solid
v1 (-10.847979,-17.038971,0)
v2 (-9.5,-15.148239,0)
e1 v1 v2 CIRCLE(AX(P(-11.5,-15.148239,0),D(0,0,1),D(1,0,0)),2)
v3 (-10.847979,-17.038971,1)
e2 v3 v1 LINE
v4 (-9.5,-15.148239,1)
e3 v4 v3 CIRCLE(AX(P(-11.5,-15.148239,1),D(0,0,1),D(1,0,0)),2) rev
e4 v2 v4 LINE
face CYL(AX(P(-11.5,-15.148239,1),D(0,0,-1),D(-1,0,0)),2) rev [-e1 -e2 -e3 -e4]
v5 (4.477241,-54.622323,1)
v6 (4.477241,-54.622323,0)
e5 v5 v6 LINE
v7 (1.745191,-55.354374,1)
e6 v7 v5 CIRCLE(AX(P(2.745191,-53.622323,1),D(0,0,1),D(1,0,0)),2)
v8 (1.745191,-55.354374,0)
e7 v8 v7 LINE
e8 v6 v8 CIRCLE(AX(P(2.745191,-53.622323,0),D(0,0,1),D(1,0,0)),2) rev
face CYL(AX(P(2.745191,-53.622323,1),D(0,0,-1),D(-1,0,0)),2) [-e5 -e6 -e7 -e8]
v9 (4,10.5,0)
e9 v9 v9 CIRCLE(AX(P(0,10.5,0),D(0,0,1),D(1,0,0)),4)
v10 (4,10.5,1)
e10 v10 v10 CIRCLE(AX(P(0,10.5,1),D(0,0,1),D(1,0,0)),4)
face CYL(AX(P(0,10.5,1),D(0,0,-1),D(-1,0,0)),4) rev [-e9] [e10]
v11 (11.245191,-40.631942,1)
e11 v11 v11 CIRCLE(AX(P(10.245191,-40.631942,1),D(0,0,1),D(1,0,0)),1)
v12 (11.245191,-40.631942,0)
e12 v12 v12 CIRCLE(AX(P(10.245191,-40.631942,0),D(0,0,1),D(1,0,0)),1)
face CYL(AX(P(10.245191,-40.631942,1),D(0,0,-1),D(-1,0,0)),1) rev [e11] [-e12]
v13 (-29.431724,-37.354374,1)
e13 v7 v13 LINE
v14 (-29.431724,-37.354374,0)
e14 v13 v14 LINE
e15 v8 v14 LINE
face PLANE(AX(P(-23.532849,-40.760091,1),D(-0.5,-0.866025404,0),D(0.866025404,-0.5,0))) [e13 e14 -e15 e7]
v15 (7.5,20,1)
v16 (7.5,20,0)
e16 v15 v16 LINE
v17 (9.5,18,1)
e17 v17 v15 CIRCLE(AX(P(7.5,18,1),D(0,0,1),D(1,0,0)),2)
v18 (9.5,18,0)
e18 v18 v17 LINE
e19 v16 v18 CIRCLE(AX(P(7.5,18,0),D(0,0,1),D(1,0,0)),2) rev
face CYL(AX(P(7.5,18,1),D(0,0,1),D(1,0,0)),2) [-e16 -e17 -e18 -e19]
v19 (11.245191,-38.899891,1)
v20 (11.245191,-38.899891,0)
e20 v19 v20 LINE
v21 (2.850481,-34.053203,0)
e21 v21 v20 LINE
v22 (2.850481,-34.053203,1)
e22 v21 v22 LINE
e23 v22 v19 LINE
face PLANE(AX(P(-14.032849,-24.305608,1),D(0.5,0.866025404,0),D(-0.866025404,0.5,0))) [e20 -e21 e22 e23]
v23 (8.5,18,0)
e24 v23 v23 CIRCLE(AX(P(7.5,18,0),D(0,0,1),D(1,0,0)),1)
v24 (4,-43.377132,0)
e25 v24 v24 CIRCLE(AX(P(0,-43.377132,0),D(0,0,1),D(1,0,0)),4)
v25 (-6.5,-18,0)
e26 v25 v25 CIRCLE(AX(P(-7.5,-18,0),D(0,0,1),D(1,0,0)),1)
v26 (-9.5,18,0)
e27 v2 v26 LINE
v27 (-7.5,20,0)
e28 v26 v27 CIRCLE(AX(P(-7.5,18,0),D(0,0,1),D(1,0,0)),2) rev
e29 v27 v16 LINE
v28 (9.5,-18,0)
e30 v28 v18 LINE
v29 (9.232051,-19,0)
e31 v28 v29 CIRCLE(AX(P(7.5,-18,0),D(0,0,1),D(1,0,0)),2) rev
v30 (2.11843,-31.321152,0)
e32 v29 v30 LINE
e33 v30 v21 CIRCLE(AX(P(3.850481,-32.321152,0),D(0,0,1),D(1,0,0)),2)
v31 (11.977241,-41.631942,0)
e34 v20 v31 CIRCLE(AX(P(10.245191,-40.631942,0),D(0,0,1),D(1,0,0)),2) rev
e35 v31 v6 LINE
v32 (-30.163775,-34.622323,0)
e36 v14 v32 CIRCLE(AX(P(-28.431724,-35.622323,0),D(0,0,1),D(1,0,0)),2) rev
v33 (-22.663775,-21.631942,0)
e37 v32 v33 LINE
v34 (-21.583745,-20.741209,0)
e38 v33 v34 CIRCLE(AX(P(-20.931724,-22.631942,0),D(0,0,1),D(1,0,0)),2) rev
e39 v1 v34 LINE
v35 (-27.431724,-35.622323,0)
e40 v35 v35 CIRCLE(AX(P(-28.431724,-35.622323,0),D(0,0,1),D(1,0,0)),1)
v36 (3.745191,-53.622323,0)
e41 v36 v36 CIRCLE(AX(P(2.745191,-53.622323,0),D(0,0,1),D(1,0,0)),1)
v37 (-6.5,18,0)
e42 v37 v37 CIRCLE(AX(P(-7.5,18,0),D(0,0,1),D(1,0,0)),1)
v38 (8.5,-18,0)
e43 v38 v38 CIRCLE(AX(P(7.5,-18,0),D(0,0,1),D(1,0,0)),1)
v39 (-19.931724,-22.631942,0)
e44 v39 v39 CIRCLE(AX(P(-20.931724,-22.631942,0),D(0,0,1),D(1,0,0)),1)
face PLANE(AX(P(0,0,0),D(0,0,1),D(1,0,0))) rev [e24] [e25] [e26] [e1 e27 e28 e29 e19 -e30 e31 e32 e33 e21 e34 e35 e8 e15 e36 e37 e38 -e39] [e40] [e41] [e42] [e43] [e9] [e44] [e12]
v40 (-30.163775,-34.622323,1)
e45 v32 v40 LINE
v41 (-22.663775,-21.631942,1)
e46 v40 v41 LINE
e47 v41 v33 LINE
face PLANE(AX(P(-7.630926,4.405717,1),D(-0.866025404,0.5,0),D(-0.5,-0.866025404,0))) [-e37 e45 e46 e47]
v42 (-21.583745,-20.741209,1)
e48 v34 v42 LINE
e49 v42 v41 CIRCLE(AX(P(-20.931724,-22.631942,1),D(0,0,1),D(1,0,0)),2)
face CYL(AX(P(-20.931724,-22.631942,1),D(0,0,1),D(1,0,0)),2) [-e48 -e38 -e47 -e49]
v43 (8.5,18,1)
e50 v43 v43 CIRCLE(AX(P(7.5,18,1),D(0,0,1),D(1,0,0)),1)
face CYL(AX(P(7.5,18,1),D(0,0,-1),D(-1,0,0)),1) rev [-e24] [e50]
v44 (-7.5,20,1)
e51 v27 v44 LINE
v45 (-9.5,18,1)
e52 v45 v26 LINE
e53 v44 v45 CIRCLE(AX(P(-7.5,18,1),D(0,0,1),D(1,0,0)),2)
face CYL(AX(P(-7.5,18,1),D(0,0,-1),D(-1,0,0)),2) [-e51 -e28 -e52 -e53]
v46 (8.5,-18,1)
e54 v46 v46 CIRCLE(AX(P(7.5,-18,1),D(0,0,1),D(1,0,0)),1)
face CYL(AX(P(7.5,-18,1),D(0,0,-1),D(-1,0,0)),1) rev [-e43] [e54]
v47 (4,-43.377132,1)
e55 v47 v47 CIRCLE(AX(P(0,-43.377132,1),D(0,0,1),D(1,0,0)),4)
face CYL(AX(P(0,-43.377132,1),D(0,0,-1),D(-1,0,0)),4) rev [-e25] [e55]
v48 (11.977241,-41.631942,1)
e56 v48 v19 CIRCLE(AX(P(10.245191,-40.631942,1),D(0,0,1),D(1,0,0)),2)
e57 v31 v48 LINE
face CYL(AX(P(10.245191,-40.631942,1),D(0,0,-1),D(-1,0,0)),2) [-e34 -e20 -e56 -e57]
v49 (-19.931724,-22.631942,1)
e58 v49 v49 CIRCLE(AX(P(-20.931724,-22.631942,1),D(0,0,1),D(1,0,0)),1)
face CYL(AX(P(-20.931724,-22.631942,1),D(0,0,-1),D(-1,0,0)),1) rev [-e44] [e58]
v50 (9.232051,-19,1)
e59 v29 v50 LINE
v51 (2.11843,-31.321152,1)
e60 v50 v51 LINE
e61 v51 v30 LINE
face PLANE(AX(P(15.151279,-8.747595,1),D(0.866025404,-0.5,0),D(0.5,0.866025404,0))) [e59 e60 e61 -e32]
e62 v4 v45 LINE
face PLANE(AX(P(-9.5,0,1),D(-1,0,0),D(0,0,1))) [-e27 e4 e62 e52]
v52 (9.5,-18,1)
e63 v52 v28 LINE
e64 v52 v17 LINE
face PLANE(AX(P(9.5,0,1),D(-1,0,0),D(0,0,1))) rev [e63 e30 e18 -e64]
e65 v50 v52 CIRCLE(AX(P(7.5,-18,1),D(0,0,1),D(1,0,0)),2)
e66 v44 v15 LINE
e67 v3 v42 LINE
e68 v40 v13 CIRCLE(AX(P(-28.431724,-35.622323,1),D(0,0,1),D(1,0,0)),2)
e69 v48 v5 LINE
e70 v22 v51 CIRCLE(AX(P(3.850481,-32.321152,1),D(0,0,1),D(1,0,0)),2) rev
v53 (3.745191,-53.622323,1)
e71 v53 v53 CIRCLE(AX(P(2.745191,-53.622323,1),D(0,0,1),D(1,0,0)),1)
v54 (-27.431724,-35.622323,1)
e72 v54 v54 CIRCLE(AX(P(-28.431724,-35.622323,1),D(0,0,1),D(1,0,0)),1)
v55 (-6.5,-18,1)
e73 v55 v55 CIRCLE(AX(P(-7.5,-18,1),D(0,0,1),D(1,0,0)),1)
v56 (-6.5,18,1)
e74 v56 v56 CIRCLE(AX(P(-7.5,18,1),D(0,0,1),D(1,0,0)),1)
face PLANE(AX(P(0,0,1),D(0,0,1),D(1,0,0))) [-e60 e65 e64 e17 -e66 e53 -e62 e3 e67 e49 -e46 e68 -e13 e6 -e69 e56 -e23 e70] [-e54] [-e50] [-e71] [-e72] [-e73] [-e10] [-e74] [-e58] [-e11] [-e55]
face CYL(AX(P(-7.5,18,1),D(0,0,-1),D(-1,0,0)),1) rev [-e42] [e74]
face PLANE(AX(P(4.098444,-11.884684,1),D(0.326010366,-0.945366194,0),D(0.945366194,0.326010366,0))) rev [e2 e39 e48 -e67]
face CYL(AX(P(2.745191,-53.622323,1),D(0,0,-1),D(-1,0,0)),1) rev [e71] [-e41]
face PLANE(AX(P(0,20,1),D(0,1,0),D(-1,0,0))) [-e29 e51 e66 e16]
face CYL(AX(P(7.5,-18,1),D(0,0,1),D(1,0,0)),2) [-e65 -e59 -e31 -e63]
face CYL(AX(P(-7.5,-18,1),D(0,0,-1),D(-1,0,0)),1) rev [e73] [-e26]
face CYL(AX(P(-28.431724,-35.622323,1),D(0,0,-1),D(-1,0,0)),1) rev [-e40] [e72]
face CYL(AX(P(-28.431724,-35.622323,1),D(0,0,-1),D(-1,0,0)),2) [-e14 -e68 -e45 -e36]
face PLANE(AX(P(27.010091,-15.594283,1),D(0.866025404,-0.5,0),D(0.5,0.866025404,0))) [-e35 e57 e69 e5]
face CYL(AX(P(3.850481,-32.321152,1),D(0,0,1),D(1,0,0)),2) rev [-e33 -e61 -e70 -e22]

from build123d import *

# Parameters (mm, degrees)
SKETCH1_R           = 1
BOSS_EXTRUDE1_DEPTH = 1
FILLET1_R           = 2


with BuildPart() as part:
    # Sketch1 → Boss-Extrude1 (new body)
    with BuildSketch(Plane.XY):
        Polygon((-9.5, 20), (-9.5, -16.574119451), (-22.29015667, -20.984816263), (-31.163774815, -36.354373739), (3.477241336, -56.354373739), (12.977241336, -39.899891067), (1.11843014, -33.05320323), (9.5, -18.535898385), (9.5, 20), align=None)
        with Locations((-28.431724008, -35.622322931)):
            Circle(SKETCH1_R, mode=Mode.SUBTRACT)
        with BuildLine():
            ThreePointArc((-20.065698604, -23.131941874), (-21.897649834, -22.373122829), (-19.931724008, -22.631941874))
            ThreePointArc((-19.931724008, -22.631941874), (-19.965798182, -22.890760919), (-20.065698604, -23.131941874))
        make_face(mode=Mode.SUBTRACT)
        with BuildLine():
            ThreePointArc((4, -43.377132403), (-2.828427125, -46.205559527), (0, -39.377132403))
            ThreePointArc((0, -39.377132403), (2.828427125, -40.548705278), (4, -43.377132403))
        make_face(mode=Mode.SUBTRACT)
        with Locations((2.745190528, -53.622322931)):
            Circle(SKETCH1_R, mode=Mode.SUBTRACT)
        with Locations((10.245190528, -40.631941874)):
            Circle(SKETCH1_R, mode=Mode.SUBTRACT)
        with Locations((-7.5, -18)):
            Circle(SKETCH1_R, mode=Mode.SUBTRACT)
        with Locations((7.5, -18)):
            Circle(SKETCH1_R, mode=Mode.SUBTRACT)
        with Locations((-7.5, 18)):
            Circle(SKETCH1_R, mode=Mode.SUBTRACT)
        with BuildLine():
            ThreePointArc((4, 10.5), (2.828427125, 7.671572875), (0, 6.5))
            ThreePointArc((0, 6.5), (-2.828427125, 13.328427125), (4, 10.5))
        make_face(mode=Mode.SUBTRACT)
        with Locations((7.5, 18)):
            Circle(SKETCH1_R, mode=Mode.SUBTRACT)
    extrude(amount=BOSS_EXTRUDE1_DEPTH)

    # Fillet1
    fillet1_edges = [part.edges().sort_by_distance(p)[0] for p in [
        (-9.5, 20, 0.5),
        (9.5, 20, 0.5),
        (9.5, -18.535898385, 0.5),
        (-22.29015667, -20.984816263, 0.5),
        (-31.163774815, -36.354373739, 0.5),
        (3.477241336, -56.354373739, 0.5),
        (12.977241336, -39.899891067, 0.5),
        (1.11843014, -33.05320323, 0.5),
        (-9.5, -16.574119451, 0.5),
    ]]
    fillet(fillet1_edges, radius=FILLET1_R)


solid = part.part
